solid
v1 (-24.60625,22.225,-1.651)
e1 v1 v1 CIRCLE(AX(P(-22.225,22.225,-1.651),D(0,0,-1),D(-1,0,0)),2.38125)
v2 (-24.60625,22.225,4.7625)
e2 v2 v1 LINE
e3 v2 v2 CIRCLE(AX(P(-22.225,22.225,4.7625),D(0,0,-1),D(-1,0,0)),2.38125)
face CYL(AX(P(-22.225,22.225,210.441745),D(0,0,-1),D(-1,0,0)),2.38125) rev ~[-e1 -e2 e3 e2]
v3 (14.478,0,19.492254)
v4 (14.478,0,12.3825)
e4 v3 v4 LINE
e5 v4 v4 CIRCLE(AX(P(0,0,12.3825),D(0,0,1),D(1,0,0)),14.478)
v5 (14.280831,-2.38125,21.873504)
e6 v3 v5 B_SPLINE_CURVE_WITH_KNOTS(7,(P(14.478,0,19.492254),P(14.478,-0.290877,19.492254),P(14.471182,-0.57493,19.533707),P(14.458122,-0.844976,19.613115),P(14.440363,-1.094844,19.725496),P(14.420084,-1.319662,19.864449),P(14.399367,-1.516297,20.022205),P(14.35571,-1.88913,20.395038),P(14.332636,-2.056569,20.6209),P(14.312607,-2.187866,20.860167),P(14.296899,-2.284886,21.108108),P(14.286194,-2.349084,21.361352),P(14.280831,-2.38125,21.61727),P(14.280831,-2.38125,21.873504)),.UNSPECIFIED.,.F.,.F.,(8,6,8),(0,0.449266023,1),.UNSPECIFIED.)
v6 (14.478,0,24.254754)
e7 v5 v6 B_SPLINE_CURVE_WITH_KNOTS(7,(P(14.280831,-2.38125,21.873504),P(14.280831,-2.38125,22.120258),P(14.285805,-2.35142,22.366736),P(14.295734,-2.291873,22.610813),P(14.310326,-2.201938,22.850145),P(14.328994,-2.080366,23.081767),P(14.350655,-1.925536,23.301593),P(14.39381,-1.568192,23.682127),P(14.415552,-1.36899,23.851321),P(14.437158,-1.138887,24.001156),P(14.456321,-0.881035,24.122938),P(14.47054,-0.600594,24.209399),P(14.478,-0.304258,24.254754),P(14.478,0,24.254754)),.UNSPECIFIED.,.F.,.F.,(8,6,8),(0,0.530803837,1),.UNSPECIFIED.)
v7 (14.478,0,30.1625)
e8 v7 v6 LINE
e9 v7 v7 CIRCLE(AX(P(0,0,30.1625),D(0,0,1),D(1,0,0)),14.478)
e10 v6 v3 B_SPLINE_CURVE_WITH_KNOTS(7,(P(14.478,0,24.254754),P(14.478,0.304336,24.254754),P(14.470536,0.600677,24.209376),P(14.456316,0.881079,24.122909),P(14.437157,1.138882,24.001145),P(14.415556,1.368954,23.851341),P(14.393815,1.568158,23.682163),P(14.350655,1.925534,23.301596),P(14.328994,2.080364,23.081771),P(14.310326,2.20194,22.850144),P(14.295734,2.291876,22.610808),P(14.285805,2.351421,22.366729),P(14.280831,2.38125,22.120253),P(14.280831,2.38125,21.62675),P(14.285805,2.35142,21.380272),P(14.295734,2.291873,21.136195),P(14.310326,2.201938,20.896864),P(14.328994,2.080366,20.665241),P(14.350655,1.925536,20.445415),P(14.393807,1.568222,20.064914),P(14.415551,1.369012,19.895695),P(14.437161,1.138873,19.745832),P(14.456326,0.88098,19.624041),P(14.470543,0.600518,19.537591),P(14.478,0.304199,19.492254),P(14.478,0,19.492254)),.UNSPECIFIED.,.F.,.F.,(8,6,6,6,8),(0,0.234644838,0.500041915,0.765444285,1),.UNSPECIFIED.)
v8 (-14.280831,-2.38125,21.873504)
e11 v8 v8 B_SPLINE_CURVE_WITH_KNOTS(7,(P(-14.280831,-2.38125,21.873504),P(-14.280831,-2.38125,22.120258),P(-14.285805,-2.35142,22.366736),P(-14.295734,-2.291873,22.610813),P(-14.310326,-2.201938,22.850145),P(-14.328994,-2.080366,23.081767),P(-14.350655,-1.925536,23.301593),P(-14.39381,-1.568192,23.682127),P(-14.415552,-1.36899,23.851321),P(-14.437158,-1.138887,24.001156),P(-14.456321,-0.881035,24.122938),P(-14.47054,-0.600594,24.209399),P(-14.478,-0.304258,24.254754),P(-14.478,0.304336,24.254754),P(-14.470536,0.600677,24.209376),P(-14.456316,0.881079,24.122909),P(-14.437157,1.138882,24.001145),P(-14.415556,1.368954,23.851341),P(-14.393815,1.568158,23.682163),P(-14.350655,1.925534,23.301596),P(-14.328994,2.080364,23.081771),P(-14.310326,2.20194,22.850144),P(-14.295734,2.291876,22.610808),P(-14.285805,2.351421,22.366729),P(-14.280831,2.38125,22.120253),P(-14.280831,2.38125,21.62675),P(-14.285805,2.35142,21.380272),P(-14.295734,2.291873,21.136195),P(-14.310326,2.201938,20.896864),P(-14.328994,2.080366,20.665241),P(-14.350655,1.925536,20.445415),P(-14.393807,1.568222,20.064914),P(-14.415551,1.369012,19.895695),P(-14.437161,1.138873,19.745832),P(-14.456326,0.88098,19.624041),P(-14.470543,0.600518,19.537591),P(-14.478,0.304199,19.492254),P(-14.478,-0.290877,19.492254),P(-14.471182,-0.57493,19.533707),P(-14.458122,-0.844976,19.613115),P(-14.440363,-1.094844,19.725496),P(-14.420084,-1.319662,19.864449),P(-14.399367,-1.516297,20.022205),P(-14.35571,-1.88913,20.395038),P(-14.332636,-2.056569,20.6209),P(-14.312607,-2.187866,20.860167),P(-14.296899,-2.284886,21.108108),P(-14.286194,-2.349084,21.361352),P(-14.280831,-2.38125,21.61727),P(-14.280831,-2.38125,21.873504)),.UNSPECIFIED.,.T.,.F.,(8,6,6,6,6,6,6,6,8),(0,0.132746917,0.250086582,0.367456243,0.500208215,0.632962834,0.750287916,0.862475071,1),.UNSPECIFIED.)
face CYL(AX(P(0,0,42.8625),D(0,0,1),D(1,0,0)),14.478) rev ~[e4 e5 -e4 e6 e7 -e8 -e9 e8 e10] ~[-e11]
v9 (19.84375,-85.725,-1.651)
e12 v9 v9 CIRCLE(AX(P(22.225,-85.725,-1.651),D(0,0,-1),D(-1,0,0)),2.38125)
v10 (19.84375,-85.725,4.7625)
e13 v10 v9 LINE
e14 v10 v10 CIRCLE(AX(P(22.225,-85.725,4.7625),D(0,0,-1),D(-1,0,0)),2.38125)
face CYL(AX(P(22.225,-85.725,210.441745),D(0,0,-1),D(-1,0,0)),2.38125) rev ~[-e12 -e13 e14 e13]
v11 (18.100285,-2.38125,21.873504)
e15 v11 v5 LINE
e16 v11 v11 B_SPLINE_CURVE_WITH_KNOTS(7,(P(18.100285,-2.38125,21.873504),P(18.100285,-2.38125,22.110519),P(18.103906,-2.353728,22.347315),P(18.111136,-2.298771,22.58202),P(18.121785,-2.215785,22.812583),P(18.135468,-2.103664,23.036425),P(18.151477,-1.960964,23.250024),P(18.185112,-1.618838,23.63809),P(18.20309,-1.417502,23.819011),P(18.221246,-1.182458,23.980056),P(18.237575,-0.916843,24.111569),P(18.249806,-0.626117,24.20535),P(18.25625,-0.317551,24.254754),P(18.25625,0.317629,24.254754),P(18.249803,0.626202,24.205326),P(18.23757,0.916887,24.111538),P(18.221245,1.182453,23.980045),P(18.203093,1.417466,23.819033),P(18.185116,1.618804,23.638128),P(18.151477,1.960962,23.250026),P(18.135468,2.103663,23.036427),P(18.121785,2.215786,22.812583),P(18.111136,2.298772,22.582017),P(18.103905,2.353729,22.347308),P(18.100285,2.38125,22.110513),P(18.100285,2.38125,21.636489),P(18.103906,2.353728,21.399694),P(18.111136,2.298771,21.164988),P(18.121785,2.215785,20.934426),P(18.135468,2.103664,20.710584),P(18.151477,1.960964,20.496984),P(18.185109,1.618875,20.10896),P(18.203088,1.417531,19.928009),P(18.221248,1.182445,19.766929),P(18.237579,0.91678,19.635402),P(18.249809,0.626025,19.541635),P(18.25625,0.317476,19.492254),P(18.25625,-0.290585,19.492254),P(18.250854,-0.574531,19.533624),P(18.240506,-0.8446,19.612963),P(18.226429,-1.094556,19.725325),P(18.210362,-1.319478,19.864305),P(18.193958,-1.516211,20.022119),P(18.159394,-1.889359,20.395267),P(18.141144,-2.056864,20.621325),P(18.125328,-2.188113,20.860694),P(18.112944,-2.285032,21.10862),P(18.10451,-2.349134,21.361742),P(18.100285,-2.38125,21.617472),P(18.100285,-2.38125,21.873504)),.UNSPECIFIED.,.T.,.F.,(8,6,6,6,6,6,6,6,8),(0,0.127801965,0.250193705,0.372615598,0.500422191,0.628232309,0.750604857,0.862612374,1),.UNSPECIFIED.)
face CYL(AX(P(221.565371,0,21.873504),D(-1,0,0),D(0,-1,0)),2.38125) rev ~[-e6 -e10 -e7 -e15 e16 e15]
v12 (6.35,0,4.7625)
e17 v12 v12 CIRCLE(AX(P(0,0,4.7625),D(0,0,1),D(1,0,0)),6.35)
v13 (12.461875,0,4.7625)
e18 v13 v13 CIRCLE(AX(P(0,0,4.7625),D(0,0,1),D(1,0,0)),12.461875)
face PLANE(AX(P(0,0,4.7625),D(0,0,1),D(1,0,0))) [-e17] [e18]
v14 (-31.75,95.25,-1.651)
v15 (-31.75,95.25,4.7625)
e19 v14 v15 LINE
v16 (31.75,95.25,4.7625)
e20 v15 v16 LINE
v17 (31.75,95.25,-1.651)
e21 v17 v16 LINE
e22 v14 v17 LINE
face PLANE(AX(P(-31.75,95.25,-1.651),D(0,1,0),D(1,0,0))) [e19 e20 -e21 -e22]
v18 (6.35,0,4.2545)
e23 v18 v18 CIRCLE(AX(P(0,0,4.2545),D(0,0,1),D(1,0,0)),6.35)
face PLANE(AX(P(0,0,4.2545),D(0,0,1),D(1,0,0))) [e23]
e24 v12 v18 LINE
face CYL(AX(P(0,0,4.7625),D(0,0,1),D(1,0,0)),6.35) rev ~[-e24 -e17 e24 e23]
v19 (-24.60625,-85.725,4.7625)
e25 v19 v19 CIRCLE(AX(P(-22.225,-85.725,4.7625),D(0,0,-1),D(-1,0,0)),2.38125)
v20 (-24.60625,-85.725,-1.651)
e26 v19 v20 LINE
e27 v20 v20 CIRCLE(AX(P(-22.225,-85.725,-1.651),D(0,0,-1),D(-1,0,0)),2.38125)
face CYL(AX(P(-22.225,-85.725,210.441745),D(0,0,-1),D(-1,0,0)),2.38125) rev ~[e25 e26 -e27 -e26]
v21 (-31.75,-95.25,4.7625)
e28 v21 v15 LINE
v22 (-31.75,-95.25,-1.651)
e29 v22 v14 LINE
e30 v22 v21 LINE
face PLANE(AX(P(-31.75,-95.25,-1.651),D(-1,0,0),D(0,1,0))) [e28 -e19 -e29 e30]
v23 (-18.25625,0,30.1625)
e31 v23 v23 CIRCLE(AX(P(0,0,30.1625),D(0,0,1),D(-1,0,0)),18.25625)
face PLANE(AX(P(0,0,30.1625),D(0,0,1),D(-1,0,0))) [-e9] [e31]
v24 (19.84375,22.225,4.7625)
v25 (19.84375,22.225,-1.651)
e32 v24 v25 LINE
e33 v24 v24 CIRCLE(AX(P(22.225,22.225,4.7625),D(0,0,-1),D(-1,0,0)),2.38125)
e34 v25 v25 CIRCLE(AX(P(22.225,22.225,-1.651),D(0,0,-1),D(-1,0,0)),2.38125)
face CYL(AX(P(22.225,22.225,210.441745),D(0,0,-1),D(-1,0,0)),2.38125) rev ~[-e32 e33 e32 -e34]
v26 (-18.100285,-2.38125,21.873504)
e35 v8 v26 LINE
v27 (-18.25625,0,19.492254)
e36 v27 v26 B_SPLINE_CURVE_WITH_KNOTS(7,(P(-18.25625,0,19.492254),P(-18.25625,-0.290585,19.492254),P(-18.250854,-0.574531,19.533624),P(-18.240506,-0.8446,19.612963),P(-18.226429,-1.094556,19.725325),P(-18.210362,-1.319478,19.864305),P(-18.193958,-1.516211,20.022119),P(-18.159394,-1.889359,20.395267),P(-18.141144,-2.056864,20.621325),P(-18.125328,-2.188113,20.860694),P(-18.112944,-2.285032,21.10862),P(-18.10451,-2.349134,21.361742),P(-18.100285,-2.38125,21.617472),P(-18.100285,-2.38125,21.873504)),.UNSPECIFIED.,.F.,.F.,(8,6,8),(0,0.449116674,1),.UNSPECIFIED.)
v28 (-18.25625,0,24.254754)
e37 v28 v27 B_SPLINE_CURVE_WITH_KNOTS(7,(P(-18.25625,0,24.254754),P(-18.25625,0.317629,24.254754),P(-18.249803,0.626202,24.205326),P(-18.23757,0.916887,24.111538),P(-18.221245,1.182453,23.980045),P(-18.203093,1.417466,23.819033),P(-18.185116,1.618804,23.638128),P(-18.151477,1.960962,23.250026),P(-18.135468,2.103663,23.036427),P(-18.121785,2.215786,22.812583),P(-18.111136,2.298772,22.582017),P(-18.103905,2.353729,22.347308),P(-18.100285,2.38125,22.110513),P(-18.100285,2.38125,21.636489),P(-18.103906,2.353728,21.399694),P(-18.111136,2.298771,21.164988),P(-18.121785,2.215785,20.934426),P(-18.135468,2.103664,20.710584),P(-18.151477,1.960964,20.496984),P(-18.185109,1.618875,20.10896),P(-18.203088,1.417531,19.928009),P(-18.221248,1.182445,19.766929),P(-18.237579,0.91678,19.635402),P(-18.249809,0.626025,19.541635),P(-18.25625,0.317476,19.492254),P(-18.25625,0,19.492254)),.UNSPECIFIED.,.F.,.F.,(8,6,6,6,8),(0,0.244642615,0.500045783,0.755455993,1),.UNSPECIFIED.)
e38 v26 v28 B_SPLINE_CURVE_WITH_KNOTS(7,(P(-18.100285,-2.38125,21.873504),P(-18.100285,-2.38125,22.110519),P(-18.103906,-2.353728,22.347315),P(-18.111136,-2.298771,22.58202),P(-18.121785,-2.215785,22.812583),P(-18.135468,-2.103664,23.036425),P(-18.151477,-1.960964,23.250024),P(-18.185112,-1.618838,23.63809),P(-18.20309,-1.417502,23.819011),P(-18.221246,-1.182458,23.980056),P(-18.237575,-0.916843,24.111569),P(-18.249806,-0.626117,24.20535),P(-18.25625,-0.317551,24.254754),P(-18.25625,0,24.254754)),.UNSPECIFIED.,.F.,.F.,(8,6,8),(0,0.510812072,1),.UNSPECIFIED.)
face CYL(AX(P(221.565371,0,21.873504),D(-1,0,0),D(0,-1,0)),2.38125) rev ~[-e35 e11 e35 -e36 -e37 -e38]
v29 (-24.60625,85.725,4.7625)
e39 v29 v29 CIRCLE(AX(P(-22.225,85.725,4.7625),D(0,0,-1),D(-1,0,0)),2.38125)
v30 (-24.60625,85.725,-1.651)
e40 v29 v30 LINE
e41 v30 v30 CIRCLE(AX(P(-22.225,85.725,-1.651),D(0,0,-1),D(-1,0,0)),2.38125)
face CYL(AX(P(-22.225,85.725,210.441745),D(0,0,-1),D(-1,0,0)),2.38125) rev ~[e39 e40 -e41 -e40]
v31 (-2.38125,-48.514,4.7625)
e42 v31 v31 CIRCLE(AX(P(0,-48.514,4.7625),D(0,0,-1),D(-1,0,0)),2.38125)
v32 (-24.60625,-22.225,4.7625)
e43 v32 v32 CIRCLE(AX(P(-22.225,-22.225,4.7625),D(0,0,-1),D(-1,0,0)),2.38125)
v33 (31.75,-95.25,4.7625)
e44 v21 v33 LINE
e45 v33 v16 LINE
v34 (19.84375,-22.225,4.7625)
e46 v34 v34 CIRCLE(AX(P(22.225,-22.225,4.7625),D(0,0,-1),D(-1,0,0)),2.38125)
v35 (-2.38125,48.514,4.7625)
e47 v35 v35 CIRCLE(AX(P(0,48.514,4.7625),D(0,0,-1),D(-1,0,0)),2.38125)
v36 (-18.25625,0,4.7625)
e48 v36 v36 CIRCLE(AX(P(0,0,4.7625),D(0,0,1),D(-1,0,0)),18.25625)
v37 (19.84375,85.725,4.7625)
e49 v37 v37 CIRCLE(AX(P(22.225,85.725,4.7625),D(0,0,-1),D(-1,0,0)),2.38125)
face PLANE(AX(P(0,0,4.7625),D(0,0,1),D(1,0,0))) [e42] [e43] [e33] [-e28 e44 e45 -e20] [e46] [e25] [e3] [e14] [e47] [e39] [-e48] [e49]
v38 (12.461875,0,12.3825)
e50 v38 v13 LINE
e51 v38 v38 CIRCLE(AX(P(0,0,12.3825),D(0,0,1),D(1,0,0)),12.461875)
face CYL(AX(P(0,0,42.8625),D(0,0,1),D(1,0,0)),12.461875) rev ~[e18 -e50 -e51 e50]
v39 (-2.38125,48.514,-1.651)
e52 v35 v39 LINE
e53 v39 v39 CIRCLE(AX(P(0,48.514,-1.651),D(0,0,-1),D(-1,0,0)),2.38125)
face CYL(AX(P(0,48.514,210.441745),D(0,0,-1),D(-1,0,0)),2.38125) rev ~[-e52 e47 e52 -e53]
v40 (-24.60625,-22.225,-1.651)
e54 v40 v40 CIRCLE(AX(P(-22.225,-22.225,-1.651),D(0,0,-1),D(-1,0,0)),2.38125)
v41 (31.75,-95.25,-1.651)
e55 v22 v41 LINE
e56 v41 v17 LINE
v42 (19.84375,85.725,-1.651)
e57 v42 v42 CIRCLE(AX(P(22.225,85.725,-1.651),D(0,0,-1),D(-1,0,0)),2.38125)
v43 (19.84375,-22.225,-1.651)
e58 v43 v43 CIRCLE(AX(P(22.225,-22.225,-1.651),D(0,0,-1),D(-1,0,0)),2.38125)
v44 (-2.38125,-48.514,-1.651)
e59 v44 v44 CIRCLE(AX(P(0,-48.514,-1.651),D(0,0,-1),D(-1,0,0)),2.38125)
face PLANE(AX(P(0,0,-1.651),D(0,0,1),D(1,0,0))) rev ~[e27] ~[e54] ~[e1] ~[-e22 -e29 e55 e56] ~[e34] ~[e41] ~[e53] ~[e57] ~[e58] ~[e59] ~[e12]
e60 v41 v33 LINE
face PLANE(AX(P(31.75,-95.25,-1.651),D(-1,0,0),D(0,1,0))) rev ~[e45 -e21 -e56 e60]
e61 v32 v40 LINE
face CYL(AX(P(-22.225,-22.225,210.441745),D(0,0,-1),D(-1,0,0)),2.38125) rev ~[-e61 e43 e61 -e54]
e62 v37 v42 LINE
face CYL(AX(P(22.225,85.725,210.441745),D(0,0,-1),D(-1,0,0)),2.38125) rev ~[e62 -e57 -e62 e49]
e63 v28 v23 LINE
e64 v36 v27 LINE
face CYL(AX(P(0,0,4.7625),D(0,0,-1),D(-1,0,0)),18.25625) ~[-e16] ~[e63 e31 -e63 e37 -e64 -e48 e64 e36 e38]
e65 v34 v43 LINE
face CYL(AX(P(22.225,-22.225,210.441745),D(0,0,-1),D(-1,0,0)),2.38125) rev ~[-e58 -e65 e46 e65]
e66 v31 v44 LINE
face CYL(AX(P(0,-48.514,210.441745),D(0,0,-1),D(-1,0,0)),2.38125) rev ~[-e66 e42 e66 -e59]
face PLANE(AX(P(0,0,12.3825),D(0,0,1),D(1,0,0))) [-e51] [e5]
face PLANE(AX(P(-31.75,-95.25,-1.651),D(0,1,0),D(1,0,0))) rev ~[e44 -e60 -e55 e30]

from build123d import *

# Parameters (mm, degrees)
BOSS_EXTRUDE1_DEPTH            = 4.7625
BOSS_EXTRUDE1_DEPTH_BACK       = 1.651
SKETCH1_W                      = 63.5
SKETCH1_H                      = 190.5
SKETCH3_R                      = 6.35
CUT_EXTRUDE1_DEPTH             = 0.508
SKETCH4_R                      = 18.25625
BOSS_EXTRUDE2_DEPTH            = 38.1
SKETCH5_R                      = 12.461875
CUT_EXTRUDE2_DEPTH             = 38.1
SKETCH7_R                      = 14.2875
CUT_EXTRUDE3_DEPTH             = 30.48
F_3_16_0_1875_DIAMETER_HOLE1_D = 4.7625
SKETCH13_R                     = 14.478
CUT_EXTRUDE4_DEPTH             = 30.48
CUT_EXTRUDE5_START             = -12.7
SKETCH14_R                     = 18.25625
CUT_EXTRUDE5_DEPTH             = 12.7
F_3_16_0_1875_DIAMETER_HOLE3_D = 4.7625


with BuildPart() as part:
    # Sketch1 → Boss-Extrude1 (new, two sides: drawn at the far end of the back side and taken through both)
    with BuildSketch(Plane.XY.offset(-BOSS_EXTRUDE1_DEPTH_BACK)):
        Rectangle(SKETCH1_W, SKETCH1_H)
    extrude(amount=BOSS_EXTRUDE1_DEPTH + BOSS_EXTRUDE1_DEPTH_BACK)

    # Sketch3 → Cut-Extrude1 (cut)
    with BuildSketch(Plane.XY.offset(4.7625)):
        Circle(SKETCH3_R)
    extrude(amount=-CUT_EXTRUDE1_DEPTH, mode=Mode.SUBTRACT)

    # Sketch4 → Boss-Extrude2 (add)
    with BuildSketch(Plane.XY.offset(4.7625)):
        with Locations(Location((0, 0, 0), (0, 0, 180))):
            Circle(SKETCH4_R)
    extrude(amount=BOSS_EXTRUDE2_DEPTH)

    # Sketch5 → Cut-Extrude2 (cut)
    with BuildSketch(Plane.XY.offset(42.8625)):
        Circle(SKETCH5_R)
    extrude(amount=-CUT_EXTRUDE2_DEPTH, mode=Mode.SUBTRACT)

    # Sketch7 → Cut-Extrude3 (cut)
    with BuildSketch(Plane.XY.offset(42.8625)):
        Circle(SKETCH7_R)
    extrude(amount=-CUT_EXTRUDE3_DEPTH, mode=Mode.SUBTRACT)

    # 3/16 (0.1875) Diameter Hole1 (through all)
    with Locations(Plane.XY.offset(4.7625)):
        with Locations((-22.225, 85.725), (-22.225, -85.725), (22.225, -85.725), (22.225, 85.725), (0, 48.514), (0, -48.514), (-22.225, 22.225), (-22.225, -22.225), (22.225, -22.225), (22.225, 22.225)):
            Hole(F_3_16_0_1875_DIAMETER_HOLE1_D / 2)

    # Sketch13 → Cut-Extrude4 (cut)
    with BuildSketch(Plane.XY.offset(42.8625)):
        Circle(SKETCH13_R)
    extrude(amount=-CUT_EXTRUDE4_DEPTH, mode=Mode.SUBTRACT)

    # Sketch14 → Cut-Extrude5 (cut)
    with BuildSketch(Plane.XY.offset(42.8625).offset(CUT_EXTRUDE5_START)):
        with Locations(Location((0, 0, 0), (0, 0, 180))):
            Circle(SKETCH14_R)
    extrude(amount=CUT_EXTRUDE5_DEPTH, mode=Mode.SUBTRACT)

    # 3/16 (0.1875) Diameter Hole3 (through all)
    with Locations(Plane(origin=(18.25625, 0, 21.873504095), x_dir=(0, 1, 0), z_dir=(1, 0, 0))):
        with Locations((0, 0)):
            Hole(F_3_16_0_1875_DIAMETER_HOLE3_D / 2)


solid = part.part
